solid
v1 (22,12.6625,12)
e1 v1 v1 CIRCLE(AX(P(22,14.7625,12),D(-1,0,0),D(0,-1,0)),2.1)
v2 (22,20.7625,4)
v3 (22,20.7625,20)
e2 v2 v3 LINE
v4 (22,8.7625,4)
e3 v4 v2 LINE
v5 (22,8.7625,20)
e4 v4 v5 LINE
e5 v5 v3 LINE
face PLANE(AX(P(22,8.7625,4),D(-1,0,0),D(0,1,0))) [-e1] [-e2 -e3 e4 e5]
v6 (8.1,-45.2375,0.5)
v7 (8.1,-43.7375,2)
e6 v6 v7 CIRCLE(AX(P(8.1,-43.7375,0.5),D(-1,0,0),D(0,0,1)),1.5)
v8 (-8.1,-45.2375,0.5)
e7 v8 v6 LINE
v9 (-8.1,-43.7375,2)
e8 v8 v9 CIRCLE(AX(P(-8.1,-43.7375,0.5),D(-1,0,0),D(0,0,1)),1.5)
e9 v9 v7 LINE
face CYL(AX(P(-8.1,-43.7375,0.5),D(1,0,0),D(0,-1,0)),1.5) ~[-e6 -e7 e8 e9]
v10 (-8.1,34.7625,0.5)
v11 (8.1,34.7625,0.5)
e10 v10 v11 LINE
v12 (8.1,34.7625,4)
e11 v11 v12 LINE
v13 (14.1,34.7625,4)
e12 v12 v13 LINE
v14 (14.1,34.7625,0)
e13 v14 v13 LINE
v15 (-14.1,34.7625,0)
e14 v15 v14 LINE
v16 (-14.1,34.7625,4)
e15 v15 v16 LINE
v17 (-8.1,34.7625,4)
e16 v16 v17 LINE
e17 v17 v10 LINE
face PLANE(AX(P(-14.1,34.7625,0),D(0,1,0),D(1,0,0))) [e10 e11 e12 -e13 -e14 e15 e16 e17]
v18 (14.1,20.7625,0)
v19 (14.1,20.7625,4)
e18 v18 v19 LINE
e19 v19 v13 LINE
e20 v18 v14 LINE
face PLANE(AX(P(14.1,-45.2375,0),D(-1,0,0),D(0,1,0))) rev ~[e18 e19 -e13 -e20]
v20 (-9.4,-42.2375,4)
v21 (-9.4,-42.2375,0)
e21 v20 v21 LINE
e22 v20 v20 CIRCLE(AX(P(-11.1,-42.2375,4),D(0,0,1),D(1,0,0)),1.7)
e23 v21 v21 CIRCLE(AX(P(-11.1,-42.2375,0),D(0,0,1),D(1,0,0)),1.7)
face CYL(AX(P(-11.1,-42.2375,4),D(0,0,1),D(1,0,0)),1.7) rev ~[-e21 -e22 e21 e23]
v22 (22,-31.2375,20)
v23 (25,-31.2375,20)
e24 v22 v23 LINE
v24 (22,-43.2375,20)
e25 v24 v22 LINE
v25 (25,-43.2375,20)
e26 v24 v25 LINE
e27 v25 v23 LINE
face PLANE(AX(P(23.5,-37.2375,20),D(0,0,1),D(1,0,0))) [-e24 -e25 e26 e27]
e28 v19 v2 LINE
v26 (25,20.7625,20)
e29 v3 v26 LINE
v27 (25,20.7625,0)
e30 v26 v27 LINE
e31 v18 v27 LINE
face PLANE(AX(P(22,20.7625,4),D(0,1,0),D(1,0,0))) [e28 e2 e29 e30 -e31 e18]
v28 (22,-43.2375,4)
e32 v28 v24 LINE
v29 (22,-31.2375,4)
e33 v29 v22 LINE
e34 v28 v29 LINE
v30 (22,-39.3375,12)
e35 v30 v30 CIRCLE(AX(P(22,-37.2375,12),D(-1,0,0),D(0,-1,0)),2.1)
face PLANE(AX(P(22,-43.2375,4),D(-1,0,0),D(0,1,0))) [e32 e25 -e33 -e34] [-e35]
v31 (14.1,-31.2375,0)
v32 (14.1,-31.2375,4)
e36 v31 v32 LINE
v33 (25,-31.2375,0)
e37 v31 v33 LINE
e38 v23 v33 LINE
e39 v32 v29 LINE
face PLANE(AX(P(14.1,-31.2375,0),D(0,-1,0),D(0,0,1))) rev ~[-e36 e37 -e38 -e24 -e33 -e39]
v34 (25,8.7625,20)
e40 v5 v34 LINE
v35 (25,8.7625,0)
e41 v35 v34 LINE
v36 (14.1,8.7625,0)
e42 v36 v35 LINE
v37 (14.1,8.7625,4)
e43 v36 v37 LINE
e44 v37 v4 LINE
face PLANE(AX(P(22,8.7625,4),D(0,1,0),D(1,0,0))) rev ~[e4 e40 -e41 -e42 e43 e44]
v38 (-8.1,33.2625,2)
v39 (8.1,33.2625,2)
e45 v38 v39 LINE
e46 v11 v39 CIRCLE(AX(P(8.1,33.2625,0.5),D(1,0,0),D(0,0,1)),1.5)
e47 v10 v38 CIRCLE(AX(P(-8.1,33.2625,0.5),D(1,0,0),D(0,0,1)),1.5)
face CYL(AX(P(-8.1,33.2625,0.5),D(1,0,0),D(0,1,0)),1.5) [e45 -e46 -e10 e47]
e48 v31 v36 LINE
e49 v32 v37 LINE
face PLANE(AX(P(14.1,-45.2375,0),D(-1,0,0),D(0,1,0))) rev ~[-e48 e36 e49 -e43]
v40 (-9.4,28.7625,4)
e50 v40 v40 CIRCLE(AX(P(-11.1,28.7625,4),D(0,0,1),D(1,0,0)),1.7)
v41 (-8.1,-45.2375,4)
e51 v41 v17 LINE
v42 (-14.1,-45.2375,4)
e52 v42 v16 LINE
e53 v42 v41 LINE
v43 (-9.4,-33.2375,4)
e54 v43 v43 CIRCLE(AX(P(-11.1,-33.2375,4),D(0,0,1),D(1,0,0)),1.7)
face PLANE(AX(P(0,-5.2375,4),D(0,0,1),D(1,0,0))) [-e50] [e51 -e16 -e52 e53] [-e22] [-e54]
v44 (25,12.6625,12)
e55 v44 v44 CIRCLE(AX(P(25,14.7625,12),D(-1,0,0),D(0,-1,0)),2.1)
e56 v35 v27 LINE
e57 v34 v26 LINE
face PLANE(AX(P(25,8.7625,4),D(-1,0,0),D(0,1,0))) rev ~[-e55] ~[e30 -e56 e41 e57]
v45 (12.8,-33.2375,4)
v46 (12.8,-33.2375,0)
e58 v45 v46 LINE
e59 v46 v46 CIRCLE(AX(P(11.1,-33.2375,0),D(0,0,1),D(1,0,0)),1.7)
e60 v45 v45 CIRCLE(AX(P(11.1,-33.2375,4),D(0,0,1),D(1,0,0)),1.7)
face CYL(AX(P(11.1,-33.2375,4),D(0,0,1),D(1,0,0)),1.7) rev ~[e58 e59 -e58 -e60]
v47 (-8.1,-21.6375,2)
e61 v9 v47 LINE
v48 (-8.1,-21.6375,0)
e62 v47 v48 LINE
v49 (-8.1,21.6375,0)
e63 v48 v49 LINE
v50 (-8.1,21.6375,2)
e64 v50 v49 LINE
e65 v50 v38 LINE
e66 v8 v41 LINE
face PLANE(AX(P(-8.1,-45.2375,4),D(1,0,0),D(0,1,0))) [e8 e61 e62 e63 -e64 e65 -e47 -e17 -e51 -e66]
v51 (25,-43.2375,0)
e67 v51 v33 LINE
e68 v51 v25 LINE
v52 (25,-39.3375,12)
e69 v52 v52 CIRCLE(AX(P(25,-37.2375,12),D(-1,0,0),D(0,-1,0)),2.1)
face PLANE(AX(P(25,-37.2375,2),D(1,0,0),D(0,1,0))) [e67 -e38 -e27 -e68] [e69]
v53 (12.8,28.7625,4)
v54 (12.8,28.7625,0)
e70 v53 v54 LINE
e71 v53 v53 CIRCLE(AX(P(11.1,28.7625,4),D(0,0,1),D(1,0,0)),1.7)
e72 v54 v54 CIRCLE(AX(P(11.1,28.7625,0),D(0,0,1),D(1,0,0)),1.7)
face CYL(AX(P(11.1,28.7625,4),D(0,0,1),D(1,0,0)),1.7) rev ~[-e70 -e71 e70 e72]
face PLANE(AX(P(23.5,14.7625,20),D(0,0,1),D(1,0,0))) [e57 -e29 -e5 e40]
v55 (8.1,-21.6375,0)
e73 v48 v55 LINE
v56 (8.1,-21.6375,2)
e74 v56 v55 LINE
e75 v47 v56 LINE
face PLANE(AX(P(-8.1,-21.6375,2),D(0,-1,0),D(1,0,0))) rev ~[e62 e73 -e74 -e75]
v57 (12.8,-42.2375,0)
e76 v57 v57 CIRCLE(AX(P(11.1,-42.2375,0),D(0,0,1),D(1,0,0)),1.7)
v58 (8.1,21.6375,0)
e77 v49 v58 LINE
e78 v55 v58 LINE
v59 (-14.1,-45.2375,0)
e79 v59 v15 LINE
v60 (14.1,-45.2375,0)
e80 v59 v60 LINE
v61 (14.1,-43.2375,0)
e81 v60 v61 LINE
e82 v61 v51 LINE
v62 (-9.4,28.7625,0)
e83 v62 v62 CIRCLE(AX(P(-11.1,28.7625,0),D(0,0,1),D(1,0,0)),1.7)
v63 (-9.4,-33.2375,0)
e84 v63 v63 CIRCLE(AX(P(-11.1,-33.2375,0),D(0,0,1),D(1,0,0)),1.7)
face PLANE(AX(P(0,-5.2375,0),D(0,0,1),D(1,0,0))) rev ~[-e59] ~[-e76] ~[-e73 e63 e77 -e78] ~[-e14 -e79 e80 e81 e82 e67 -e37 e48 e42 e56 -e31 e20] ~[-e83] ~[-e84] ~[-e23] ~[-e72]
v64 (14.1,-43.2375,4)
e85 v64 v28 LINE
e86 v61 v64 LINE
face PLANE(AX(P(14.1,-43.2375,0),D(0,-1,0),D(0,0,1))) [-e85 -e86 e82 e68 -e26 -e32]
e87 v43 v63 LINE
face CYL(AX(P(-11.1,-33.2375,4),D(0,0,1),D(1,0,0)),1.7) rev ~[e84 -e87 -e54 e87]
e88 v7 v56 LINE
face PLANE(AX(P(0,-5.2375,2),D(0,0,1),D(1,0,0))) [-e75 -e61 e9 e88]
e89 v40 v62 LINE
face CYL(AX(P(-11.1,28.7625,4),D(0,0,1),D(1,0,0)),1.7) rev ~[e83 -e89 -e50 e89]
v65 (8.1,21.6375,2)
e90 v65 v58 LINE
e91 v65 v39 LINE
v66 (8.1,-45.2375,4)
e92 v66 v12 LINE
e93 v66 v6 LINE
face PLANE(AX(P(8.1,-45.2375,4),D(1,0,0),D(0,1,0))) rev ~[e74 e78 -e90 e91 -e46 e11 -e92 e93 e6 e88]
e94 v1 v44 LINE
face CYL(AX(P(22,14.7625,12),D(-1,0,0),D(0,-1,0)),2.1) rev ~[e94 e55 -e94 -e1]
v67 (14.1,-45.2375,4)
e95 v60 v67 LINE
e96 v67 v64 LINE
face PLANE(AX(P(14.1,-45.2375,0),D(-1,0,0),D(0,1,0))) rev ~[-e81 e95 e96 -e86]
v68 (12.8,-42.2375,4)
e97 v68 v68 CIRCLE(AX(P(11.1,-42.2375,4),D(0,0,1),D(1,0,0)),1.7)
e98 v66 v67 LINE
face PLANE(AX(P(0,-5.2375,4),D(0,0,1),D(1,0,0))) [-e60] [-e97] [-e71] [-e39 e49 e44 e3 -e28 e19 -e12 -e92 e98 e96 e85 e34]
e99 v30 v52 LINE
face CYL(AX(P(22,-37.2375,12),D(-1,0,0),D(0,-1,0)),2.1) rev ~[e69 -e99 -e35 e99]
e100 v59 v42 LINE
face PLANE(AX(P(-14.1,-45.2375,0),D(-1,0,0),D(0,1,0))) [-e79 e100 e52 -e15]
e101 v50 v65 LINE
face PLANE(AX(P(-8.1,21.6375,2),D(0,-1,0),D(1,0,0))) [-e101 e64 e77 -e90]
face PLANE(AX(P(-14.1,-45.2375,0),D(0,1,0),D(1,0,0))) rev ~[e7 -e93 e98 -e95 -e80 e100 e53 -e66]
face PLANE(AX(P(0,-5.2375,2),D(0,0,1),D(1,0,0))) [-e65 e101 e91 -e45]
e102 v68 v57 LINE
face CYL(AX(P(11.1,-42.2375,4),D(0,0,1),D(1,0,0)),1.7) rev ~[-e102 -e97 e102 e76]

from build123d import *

# Parameters (mm, degrees)
SKETCH001_W     = 28.2
SKETCH001_H     = 80
PAD_DEPTH       = 4
SKETCH002_W     = 16.2
SKETCH002_H     = 80
POCKET_DEPTH    = 2
SKETCH003_W     = 16.2
SKETCH003_H     = 43.275
POCKET001_DEPTH = 2
SKETCH010_R     = 1.7
POCKET004_DEPTH = 4.001
SKETCH021_R     = 1.7
POCKET008_DEPTH = 4.001
FILLET_R        = 1.5
FILLET001_R     = 1.5
SKETCH025_W     = 12
SKETCH025_H     = 4
PAD009_DEPTH    = 10.9
SKETCH026_W     = 3
SKETCH026_H     = 12
PAD010_DEPTH    = 16
SKETCH027_R     = 2.1
POCKET010_DEPTH = 3.001


with BuildPart() as part:
    # Sketch001 → Pad (new body)
    with BuildSketch(Plane.XY):
        with Locations((0, -5.2375)):
            Rectangle(SKETCH001_W, SKETCH001_H)
    extrude(amount=PAD_DEPTH)

    # Sketch002 (on Face6 of Pad) → Pocket (cut)
    with BuildSketch(Plane.XY.offset(4)):
        with Locations((0, -5.2375)):
            Rectangle(SKETCH002_W, SKETCH002_H)
    extrude(amount=-POCKET_DEPTH, mode=Mode.SUBTRACT)

    # Sketch003 (on Face6 of Pocket) → Pocket001 (cut)
    with BuildSketch(Plane.XY.offset(2)):
        Rectangle(SKETCH003_W, SKETCH003_H)
    extrude(amount=-POCKET001_DEPTH, mode=Mode.SUBTRACT)

    # Sketch010 (on Face8 of Pocket001) → Pocket004 (cut, through all)
    with BuildSketch(Plane.XY.offset(4)):
        with Locations((-11.1, -42.2375)):
            Circle(SKETCH010_R)
        with Locations((-11.1, -33.2375)):
            Circle(SKETCH010_R)
        with Locations((11.1, -33.2375)):
            Circle(SKETCH010_R)
        with Locations((11.1, -42.2375)):
            Circle(SKETCH010_R)
    extrude(amount=-POCKET004_DEPTH, mode=Mode.SUBTRACT)

    # Sketch021 (on Face8 of Pocket004) → Pocket008 (cut, through all)
    with BuildSketch(Plane.XY.offset(4)):
        with Locations((-11.1, 28.7625)):
            Circle(SKETCH021_R)
        with Locations((11.1, 28.7625)):
            Circle(SKETCH021_R)
    extrude(amount=-POCKET008_DEPTH, mode=Mode.SUBTRACT)

    # Fillet
    fillet_edges = [part.edges().sort_by_distance(p)[0] for p in [
        (0, 34.7625, 2),
    ]]
    fillet(fillet_edges, radius=FILLET_R)

    # Fillet001
    fillet001_edges = [part.edges().sort_by_distance(p)[0] for p in [
        (0, -45.2375, 2),
    ]]
    fillet(fillet001_edges, radius=FILLET001_R)

    # Sketch025 (on Face15 of Fillet001) → Pad009 (join)
    with BuildSketch(Plane.YZ.offset(14.1)):
        with Locations((-37.2375, 2)):
            Rectangle(SKETCH025_W, SKETCH025_H)
        with Locations((14.7625, 2)):
            Rectangle(SKETCH025_W, SKETCH025_H)
    extrude(amount=PAD009_DEPTH)

    # Sketch026 (on Face28 of Pad009) → Pad010 (join)
    with BuildSketch(Plane.XY.offset(4)):
        with Locations((23.5, 14.7625)):
            Rectangle(SKETCH026_W, SKETCH026_H)
        with Locations((23.5, -37.2375)):
            Rectangle(SKETCH026_W, SKETCH026_H)
    extrude(amount=PAD010_DEPTH)

    # Sketch027 (on Face36 of Pad010) → Pocket010 (cut, through all)
    with BuildSketch(Plane(origin=(22, 0, 0), x_dir=(0, -1, 0), z_dir=(-1, 0, 0))):
        with Locations((-14.7625, 12)):
            Circle(SKETCH027_R)
        with Locations((37.2375, 12)):
            Circle(SKETCH027_R)
    extrude(amount=-POCKET010_DEPTH, mode=Mode.SUBTRACT)


solid = part.part
